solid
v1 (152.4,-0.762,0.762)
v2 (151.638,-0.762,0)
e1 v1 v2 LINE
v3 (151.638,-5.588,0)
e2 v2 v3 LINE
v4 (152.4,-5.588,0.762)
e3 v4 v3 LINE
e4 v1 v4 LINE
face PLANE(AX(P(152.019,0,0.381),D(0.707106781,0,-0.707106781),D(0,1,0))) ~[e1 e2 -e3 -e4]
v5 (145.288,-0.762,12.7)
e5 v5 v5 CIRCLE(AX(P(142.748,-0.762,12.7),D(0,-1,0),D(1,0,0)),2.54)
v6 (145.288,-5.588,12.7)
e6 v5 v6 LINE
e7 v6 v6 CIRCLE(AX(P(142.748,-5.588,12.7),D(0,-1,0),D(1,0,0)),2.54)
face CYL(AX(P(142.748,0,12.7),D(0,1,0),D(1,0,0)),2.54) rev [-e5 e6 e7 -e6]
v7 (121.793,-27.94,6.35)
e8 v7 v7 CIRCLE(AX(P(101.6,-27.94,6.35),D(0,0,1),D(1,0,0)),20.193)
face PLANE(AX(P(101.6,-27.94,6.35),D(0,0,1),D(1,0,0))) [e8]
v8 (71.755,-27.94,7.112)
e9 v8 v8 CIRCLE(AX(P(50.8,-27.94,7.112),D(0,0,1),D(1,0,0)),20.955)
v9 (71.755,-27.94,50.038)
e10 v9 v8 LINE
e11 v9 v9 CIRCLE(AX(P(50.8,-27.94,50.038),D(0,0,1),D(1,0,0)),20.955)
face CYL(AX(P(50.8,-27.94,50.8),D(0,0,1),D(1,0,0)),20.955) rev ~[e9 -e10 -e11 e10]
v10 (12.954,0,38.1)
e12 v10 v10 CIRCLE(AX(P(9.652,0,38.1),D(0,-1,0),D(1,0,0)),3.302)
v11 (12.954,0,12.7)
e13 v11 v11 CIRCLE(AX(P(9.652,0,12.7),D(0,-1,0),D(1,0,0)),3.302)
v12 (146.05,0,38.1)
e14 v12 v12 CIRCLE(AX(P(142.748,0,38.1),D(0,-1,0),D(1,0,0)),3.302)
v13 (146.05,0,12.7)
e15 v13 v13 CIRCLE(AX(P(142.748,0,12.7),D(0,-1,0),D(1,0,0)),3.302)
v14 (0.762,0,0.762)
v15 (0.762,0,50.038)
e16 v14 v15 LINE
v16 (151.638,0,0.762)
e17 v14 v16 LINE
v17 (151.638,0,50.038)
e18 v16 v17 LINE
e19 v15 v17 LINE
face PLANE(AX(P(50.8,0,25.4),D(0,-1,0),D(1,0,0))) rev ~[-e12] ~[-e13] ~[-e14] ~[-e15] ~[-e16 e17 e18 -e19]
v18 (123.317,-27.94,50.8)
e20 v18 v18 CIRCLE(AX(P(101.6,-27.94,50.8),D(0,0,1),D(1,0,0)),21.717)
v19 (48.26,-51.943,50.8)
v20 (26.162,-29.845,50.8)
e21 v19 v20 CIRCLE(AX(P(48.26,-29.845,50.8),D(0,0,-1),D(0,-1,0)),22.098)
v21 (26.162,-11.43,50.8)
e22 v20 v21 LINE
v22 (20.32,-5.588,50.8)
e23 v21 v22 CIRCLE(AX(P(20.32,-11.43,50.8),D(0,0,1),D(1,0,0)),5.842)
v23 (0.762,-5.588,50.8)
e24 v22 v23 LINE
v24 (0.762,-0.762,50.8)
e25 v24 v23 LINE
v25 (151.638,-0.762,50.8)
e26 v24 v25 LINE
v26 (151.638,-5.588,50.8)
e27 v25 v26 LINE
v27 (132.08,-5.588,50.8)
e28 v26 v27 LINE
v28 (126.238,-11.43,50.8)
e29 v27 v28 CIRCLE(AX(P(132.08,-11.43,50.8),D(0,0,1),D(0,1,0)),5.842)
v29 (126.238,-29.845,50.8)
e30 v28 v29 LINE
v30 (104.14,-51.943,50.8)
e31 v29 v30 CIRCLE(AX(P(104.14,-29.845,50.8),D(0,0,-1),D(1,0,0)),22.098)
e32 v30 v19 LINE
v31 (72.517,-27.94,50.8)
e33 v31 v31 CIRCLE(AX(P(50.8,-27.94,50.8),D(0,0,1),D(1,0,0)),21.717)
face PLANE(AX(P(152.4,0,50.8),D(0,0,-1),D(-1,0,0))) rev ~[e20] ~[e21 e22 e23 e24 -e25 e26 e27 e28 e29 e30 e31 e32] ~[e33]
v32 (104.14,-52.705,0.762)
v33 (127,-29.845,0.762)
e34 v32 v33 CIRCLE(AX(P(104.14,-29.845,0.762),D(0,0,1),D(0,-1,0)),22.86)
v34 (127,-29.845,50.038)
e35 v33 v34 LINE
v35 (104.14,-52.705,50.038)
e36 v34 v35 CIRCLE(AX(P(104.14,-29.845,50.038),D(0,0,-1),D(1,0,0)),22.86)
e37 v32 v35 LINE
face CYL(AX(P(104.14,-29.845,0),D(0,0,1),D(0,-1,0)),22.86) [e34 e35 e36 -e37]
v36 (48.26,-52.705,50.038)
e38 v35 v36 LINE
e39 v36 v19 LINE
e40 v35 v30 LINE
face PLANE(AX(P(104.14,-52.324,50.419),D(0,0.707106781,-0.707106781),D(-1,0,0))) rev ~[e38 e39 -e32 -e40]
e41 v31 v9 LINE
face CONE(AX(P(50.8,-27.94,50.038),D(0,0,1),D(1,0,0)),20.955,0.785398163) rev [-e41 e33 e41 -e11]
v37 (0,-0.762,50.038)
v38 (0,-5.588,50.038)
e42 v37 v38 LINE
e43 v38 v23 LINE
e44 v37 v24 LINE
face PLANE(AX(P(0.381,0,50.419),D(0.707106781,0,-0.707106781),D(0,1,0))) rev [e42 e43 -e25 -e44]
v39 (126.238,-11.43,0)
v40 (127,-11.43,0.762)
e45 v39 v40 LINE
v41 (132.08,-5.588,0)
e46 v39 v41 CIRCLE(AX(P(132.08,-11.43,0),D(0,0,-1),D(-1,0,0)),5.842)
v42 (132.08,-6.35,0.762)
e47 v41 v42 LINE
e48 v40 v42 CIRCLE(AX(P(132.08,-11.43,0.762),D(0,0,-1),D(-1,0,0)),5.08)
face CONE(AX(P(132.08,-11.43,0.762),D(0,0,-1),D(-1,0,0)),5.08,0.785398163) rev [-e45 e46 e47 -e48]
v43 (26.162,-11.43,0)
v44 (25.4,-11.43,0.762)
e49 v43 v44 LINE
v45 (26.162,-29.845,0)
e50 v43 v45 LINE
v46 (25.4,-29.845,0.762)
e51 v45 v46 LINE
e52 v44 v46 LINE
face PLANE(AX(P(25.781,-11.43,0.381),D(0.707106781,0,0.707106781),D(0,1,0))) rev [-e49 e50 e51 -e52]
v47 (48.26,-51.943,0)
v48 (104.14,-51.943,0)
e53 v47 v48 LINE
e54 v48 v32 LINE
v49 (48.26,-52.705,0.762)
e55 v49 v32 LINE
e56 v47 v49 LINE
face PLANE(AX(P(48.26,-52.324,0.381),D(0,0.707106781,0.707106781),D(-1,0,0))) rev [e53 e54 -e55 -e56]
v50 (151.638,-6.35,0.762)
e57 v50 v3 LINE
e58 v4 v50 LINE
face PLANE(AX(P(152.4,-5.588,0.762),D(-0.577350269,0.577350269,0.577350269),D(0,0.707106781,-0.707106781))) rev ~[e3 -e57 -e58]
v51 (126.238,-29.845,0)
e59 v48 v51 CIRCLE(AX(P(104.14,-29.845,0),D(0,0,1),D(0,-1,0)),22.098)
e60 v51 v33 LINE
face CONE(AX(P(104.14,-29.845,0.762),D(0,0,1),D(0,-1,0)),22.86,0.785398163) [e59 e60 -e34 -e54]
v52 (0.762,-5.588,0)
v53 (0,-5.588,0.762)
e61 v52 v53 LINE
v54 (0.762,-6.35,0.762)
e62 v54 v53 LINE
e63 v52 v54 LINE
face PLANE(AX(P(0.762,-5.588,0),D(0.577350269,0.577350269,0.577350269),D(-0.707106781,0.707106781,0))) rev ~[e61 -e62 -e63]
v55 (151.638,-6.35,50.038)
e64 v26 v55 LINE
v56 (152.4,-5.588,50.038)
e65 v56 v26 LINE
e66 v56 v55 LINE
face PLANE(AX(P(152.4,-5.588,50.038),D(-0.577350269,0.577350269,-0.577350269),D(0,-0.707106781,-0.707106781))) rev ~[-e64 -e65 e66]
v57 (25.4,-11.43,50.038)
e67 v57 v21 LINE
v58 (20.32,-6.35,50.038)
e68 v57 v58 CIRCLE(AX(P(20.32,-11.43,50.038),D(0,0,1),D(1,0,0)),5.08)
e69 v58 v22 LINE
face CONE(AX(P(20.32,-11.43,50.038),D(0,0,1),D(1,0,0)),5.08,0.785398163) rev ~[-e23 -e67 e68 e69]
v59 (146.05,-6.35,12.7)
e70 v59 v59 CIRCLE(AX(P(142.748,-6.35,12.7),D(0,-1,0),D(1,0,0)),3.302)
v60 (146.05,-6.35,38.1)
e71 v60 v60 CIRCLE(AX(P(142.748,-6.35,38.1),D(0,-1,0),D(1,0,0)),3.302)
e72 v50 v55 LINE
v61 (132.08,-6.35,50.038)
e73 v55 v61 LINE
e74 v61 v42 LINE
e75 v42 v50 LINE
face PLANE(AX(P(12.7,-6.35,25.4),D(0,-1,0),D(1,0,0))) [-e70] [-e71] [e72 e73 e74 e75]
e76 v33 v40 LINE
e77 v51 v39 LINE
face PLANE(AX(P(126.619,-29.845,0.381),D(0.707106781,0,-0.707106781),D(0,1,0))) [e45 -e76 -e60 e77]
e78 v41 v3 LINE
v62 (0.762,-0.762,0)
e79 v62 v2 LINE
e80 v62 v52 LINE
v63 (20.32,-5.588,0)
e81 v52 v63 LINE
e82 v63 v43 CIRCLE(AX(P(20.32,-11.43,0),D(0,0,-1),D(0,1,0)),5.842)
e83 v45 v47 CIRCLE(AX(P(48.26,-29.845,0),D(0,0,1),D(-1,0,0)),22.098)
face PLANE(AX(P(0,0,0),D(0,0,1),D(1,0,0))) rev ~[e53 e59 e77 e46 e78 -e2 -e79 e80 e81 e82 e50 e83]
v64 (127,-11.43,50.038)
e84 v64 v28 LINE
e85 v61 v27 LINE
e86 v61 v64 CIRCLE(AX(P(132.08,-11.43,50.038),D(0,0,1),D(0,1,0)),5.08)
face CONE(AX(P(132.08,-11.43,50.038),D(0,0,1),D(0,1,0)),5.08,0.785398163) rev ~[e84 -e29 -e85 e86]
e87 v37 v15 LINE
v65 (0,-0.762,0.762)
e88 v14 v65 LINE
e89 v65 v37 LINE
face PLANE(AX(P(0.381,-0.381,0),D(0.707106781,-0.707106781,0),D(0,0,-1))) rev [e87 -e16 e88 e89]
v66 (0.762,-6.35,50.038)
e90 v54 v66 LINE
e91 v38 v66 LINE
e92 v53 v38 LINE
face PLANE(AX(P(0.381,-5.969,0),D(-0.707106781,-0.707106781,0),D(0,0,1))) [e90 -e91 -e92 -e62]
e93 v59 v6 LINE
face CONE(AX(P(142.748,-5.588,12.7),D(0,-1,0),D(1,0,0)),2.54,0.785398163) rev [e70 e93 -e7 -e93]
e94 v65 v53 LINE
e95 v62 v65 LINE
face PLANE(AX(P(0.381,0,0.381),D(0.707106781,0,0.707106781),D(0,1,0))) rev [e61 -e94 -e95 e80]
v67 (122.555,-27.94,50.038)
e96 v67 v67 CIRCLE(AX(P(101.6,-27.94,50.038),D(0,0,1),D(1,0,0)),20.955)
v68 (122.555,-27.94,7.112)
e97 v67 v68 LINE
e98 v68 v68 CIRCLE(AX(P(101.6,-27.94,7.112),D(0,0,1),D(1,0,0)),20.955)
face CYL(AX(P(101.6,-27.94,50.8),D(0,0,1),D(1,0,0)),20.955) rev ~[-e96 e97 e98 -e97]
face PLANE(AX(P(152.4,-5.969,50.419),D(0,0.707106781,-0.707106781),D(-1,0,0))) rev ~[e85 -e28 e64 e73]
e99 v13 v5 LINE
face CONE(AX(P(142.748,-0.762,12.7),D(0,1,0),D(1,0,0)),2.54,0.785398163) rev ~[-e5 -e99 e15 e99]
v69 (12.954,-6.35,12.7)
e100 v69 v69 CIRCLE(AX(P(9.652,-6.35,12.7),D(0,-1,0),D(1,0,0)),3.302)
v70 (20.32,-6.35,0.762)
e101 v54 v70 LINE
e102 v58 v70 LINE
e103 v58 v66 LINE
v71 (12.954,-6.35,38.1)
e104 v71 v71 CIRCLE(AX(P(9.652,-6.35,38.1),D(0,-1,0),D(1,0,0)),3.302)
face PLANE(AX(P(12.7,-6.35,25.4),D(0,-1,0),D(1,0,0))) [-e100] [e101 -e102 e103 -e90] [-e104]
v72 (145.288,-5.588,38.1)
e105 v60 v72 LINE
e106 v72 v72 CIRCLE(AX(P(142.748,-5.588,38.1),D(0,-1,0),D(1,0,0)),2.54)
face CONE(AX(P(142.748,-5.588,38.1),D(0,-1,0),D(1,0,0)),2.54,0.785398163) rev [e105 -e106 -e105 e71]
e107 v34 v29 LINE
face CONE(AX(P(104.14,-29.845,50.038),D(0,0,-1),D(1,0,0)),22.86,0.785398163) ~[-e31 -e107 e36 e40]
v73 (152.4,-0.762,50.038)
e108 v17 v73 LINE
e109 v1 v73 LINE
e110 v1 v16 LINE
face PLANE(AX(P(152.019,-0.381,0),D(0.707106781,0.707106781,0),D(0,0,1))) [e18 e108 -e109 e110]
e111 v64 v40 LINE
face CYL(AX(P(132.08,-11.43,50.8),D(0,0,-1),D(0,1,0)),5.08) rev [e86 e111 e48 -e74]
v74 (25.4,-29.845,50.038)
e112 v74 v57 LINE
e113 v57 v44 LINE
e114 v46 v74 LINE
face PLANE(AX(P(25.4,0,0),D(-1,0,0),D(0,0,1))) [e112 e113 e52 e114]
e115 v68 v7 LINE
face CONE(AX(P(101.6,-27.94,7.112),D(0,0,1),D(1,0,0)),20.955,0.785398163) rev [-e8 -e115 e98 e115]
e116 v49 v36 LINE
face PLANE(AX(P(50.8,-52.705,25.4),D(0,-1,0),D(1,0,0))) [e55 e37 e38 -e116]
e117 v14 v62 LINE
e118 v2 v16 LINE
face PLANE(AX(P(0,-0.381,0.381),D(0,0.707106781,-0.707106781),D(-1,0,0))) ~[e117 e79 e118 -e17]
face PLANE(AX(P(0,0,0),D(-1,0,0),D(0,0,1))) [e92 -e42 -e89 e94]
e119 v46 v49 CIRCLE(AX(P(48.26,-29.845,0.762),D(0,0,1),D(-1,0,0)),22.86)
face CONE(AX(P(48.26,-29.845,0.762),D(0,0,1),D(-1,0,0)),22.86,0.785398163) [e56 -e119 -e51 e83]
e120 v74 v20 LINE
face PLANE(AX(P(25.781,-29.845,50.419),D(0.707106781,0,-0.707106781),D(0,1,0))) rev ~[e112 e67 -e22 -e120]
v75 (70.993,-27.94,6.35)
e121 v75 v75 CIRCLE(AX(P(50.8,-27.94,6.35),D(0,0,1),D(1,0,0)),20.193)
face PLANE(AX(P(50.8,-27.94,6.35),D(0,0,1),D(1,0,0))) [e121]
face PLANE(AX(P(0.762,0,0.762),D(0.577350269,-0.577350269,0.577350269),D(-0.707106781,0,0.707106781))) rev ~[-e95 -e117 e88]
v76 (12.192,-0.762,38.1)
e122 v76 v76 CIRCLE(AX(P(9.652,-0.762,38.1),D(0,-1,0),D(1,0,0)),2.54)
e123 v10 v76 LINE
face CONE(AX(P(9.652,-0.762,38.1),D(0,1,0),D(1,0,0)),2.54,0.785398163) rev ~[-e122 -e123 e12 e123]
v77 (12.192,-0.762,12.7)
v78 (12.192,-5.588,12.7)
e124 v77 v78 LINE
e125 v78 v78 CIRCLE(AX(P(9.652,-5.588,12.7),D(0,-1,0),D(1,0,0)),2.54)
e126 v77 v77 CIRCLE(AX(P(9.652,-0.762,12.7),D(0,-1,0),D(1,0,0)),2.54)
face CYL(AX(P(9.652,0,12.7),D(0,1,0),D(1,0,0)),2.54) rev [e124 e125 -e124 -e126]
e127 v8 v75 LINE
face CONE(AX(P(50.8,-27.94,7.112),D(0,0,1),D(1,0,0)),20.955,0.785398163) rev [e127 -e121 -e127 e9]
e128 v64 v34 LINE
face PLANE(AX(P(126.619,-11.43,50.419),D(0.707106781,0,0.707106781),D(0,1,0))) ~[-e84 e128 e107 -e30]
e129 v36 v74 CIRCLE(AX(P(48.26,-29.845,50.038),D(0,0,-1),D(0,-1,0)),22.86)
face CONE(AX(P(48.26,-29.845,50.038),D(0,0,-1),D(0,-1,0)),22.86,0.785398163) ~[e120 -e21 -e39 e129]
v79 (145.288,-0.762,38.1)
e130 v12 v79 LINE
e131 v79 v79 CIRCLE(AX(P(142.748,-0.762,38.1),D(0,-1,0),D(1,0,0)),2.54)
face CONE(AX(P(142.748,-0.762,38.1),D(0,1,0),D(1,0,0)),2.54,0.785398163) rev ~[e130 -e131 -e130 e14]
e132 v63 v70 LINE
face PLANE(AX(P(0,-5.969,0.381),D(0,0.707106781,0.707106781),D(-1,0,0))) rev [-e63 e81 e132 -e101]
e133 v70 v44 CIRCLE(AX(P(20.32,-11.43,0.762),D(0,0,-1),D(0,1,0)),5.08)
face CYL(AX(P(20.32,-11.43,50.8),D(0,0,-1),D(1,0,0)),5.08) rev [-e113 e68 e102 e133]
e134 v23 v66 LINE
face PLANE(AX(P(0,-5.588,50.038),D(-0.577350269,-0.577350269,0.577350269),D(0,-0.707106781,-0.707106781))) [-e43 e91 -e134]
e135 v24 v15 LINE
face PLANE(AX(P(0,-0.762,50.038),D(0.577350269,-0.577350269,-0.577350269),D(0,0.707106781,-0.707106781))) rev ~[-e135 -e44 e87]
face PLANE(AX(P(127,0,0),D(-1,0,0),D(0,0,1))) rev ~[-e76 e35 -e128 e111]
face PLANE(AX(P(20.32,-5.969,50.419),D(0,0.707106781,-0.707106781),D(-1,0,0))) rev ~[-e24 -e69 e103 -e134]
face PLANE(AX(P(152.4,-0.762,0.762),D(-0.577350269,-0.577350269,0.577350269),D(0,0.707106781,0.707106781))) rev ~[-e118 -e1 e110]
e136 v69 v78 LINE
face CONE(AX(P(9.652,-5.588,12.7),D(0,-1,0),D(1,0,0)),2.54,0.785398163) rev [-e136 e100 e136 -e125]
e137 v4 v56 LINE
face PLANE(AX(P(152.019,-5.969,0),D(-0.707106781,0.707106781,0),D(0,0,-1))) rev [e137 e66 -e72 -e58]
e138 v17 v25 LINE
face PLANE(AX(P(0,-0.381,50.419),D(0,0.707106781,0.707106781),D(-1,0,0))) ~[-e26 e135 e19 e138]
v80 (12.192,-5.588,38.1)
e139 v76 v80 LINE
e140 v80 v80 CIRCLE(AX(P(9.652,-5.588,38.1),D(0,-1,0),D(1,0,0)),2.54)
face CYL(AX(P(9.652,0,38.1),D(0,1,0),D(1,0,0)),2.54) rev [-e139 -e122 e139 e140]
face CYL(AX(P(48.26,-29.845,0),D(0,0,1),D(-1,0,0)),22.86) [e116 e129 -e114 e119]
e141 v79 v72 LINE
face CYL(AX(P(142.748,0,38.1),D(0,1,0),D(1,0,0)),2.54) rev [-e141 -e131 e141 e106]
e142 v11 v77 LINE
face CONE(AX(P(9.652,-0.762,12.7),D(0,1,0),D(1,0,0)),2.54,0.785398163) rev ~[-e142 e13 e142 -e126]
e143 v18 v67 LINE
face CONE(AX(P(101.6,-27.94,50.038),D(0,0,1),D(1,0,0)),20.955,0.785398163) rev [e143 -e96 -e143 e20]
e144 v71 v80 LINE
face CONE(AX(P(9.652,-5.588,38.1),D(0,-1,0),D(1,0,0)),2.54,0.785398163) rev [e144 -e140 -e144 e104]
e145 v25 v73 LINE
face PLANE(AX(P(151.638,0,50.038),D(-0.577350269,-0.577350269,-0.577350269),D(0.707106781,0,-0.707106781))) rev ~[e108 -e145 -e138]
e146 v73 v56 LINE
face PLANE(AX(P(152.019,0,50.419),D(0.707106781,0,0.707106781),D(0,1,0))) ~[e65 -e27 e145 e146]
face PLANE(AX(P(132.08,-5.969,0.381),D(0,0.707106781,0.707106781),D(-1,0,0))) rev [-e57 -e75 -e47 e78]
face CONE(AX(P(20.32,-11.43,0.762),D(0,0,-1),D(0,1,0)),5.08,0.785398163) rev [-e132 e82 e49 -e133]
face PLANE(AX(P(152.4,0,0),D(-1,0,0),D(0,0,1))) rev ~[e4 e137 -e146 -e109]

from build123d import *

# Parameters (mm, degrees)
F0_W     = 25.4
F0_H     = 50.8
F0_R     = 2.54
F0_W_2   = 50.8
F1_DEPTH = 6.35
F2_DEPTH = 52.705
F3_R     = 5.08
F4_R     = 20.955
F5_DEPTH = 44.45
F6_R     = 22.86
F7_SIZE  = 0.762


with BuildPart() as f1:
    # F0 (on Front) → F1 (new body)
    with BuildSketch(Plane.XZ):
        with Locations((12.7, 25.4)):
            Rectangle(F0_W, F0_H)
        with Locations((9.652, 12.7)):
            Circle(F0_R, mode=Mode.SUBTRACT)
        with Locations((9.652, 38.1)):
            Circle(F0_R, mode=Mode.SUBTRACT)
        with Locations((139.7, 25.4)):
            Rectangle(F0_W, F0_H)
        with Locations((142.748, 12.7)):
            Circle(F0_R, mode=Mode.SUBTRACT)
        with Locations((142.748, 38.1)):
            Circle(F0_R, mode=Mode.SUBTRACT)
        with Locations((50.8, 25.4)):
            Rectangle(F0_W_2, F0_H)
        with Locations((101.6, 25.4)):
            Rectangle(F0_W_2, F0_H)
    extrude(amount=F1_DEPTH)

    # F0 (on Front) → F2 (join)
    with BuildSketch(Plane.XZ):
        with Locations((50.8, 25.4)):
            Rectangle(F0_W_2, F0_H)
        with Locations((101.6, 25.4)):
            Rectangle(F0_W_2, F0_H)
    extrude(amount=F2_DEPTH)

    # F3
    f3_edges = [f1.edges().sort_by_distance(p)[0] for p in [
        (127, -6.35, 25.4),
        (25.4, -6.35, 25.4),
    ]]
    fillet(f3_edges, radius=F3_R)

    # F4 (on face) → F5 (cut)
    with BuildSketch(Plane.XY.offset(50.8)):
        with Locations((50.8, -27.94)):
            Circle(F4_R)
        with Locations((101.6, -27.94)):
            Circle(F4_R)
    extrude(amount=-F5_DEPTH, mode=Mode.SUBTRACT)

    # F6
    f6_edges = [f1.edges().sort_by_distance(p)[0] for p in [
        (127, -52.705, 25.4),
        (25.4, -52.705, 25.4),
    ]]
    fillet(f6_edges, radius=F6_R)

    # F7
    f7_edges = [f1.edges().sort_by_distance(p)[0] for p in [
        (127, -20.6375, 50.8),
        (120.304461, -46.009461, 50.8),
        (128.487898, -7.837898, 50.8),
        (76.2, -52.705, 50.8),
        (142.24, -6.35, 50.8),
        (32.095539, -46.009461, 50.8),
        (152.4, -3.175, 50.8),
        (25.4, -20.6375, 50.8),
        (76.2, 0, 50.8),
        (23.912102, -7.837898, 50.8),
        (0, -3.175, 50.8),
        (10.16, -6.35, 50.8),
        (80.645, -27.94, 50.8),
        (29.845, -27.94, 50.8),
        (20.32, -6.35, 25.4),
        (0, -6.35, 25.4),
        (10.16, -6.35, 0),
        (7.112, -6.35, 12.7),
        (7.112, -6.35, 38.1),
        (132.08, -6.35, 25.4),
        (152.4, -6.35, 25.4),
        (142.24, -6.35, 0),
        (140.208, -6.35, 12.7),
        (140.208, -6.35, 38.1),
        (25.4, -20.6375, 0),
        (32.095539, -46.009461, 0),
        (23.912102, -7.837898, 0),
        (76.2, -52.705, 0),
        (120.304461, -46.009461, 0),
        (0, -3.175, 0),
        (127, -20.6375, 0),
        (76.2, 0, 0),
        (128.487898, -7.837898, 0),
        (152.4, -3.175, 0),
        (0, 0, 25.4),
        (152.4, 0, 25.4),
        (7.112, 0, 12.7),
        (7.112, 0, 38.1),
        (140.208, 0, 38.1),
        (140.208, 0, 12.7),
        (29.845, -27.94, 6.35),
        (80.645, -27.94, 6.35),
    ]]
    chamfer(f7_edges, length=F7_SIZE)


solid = f1.part
